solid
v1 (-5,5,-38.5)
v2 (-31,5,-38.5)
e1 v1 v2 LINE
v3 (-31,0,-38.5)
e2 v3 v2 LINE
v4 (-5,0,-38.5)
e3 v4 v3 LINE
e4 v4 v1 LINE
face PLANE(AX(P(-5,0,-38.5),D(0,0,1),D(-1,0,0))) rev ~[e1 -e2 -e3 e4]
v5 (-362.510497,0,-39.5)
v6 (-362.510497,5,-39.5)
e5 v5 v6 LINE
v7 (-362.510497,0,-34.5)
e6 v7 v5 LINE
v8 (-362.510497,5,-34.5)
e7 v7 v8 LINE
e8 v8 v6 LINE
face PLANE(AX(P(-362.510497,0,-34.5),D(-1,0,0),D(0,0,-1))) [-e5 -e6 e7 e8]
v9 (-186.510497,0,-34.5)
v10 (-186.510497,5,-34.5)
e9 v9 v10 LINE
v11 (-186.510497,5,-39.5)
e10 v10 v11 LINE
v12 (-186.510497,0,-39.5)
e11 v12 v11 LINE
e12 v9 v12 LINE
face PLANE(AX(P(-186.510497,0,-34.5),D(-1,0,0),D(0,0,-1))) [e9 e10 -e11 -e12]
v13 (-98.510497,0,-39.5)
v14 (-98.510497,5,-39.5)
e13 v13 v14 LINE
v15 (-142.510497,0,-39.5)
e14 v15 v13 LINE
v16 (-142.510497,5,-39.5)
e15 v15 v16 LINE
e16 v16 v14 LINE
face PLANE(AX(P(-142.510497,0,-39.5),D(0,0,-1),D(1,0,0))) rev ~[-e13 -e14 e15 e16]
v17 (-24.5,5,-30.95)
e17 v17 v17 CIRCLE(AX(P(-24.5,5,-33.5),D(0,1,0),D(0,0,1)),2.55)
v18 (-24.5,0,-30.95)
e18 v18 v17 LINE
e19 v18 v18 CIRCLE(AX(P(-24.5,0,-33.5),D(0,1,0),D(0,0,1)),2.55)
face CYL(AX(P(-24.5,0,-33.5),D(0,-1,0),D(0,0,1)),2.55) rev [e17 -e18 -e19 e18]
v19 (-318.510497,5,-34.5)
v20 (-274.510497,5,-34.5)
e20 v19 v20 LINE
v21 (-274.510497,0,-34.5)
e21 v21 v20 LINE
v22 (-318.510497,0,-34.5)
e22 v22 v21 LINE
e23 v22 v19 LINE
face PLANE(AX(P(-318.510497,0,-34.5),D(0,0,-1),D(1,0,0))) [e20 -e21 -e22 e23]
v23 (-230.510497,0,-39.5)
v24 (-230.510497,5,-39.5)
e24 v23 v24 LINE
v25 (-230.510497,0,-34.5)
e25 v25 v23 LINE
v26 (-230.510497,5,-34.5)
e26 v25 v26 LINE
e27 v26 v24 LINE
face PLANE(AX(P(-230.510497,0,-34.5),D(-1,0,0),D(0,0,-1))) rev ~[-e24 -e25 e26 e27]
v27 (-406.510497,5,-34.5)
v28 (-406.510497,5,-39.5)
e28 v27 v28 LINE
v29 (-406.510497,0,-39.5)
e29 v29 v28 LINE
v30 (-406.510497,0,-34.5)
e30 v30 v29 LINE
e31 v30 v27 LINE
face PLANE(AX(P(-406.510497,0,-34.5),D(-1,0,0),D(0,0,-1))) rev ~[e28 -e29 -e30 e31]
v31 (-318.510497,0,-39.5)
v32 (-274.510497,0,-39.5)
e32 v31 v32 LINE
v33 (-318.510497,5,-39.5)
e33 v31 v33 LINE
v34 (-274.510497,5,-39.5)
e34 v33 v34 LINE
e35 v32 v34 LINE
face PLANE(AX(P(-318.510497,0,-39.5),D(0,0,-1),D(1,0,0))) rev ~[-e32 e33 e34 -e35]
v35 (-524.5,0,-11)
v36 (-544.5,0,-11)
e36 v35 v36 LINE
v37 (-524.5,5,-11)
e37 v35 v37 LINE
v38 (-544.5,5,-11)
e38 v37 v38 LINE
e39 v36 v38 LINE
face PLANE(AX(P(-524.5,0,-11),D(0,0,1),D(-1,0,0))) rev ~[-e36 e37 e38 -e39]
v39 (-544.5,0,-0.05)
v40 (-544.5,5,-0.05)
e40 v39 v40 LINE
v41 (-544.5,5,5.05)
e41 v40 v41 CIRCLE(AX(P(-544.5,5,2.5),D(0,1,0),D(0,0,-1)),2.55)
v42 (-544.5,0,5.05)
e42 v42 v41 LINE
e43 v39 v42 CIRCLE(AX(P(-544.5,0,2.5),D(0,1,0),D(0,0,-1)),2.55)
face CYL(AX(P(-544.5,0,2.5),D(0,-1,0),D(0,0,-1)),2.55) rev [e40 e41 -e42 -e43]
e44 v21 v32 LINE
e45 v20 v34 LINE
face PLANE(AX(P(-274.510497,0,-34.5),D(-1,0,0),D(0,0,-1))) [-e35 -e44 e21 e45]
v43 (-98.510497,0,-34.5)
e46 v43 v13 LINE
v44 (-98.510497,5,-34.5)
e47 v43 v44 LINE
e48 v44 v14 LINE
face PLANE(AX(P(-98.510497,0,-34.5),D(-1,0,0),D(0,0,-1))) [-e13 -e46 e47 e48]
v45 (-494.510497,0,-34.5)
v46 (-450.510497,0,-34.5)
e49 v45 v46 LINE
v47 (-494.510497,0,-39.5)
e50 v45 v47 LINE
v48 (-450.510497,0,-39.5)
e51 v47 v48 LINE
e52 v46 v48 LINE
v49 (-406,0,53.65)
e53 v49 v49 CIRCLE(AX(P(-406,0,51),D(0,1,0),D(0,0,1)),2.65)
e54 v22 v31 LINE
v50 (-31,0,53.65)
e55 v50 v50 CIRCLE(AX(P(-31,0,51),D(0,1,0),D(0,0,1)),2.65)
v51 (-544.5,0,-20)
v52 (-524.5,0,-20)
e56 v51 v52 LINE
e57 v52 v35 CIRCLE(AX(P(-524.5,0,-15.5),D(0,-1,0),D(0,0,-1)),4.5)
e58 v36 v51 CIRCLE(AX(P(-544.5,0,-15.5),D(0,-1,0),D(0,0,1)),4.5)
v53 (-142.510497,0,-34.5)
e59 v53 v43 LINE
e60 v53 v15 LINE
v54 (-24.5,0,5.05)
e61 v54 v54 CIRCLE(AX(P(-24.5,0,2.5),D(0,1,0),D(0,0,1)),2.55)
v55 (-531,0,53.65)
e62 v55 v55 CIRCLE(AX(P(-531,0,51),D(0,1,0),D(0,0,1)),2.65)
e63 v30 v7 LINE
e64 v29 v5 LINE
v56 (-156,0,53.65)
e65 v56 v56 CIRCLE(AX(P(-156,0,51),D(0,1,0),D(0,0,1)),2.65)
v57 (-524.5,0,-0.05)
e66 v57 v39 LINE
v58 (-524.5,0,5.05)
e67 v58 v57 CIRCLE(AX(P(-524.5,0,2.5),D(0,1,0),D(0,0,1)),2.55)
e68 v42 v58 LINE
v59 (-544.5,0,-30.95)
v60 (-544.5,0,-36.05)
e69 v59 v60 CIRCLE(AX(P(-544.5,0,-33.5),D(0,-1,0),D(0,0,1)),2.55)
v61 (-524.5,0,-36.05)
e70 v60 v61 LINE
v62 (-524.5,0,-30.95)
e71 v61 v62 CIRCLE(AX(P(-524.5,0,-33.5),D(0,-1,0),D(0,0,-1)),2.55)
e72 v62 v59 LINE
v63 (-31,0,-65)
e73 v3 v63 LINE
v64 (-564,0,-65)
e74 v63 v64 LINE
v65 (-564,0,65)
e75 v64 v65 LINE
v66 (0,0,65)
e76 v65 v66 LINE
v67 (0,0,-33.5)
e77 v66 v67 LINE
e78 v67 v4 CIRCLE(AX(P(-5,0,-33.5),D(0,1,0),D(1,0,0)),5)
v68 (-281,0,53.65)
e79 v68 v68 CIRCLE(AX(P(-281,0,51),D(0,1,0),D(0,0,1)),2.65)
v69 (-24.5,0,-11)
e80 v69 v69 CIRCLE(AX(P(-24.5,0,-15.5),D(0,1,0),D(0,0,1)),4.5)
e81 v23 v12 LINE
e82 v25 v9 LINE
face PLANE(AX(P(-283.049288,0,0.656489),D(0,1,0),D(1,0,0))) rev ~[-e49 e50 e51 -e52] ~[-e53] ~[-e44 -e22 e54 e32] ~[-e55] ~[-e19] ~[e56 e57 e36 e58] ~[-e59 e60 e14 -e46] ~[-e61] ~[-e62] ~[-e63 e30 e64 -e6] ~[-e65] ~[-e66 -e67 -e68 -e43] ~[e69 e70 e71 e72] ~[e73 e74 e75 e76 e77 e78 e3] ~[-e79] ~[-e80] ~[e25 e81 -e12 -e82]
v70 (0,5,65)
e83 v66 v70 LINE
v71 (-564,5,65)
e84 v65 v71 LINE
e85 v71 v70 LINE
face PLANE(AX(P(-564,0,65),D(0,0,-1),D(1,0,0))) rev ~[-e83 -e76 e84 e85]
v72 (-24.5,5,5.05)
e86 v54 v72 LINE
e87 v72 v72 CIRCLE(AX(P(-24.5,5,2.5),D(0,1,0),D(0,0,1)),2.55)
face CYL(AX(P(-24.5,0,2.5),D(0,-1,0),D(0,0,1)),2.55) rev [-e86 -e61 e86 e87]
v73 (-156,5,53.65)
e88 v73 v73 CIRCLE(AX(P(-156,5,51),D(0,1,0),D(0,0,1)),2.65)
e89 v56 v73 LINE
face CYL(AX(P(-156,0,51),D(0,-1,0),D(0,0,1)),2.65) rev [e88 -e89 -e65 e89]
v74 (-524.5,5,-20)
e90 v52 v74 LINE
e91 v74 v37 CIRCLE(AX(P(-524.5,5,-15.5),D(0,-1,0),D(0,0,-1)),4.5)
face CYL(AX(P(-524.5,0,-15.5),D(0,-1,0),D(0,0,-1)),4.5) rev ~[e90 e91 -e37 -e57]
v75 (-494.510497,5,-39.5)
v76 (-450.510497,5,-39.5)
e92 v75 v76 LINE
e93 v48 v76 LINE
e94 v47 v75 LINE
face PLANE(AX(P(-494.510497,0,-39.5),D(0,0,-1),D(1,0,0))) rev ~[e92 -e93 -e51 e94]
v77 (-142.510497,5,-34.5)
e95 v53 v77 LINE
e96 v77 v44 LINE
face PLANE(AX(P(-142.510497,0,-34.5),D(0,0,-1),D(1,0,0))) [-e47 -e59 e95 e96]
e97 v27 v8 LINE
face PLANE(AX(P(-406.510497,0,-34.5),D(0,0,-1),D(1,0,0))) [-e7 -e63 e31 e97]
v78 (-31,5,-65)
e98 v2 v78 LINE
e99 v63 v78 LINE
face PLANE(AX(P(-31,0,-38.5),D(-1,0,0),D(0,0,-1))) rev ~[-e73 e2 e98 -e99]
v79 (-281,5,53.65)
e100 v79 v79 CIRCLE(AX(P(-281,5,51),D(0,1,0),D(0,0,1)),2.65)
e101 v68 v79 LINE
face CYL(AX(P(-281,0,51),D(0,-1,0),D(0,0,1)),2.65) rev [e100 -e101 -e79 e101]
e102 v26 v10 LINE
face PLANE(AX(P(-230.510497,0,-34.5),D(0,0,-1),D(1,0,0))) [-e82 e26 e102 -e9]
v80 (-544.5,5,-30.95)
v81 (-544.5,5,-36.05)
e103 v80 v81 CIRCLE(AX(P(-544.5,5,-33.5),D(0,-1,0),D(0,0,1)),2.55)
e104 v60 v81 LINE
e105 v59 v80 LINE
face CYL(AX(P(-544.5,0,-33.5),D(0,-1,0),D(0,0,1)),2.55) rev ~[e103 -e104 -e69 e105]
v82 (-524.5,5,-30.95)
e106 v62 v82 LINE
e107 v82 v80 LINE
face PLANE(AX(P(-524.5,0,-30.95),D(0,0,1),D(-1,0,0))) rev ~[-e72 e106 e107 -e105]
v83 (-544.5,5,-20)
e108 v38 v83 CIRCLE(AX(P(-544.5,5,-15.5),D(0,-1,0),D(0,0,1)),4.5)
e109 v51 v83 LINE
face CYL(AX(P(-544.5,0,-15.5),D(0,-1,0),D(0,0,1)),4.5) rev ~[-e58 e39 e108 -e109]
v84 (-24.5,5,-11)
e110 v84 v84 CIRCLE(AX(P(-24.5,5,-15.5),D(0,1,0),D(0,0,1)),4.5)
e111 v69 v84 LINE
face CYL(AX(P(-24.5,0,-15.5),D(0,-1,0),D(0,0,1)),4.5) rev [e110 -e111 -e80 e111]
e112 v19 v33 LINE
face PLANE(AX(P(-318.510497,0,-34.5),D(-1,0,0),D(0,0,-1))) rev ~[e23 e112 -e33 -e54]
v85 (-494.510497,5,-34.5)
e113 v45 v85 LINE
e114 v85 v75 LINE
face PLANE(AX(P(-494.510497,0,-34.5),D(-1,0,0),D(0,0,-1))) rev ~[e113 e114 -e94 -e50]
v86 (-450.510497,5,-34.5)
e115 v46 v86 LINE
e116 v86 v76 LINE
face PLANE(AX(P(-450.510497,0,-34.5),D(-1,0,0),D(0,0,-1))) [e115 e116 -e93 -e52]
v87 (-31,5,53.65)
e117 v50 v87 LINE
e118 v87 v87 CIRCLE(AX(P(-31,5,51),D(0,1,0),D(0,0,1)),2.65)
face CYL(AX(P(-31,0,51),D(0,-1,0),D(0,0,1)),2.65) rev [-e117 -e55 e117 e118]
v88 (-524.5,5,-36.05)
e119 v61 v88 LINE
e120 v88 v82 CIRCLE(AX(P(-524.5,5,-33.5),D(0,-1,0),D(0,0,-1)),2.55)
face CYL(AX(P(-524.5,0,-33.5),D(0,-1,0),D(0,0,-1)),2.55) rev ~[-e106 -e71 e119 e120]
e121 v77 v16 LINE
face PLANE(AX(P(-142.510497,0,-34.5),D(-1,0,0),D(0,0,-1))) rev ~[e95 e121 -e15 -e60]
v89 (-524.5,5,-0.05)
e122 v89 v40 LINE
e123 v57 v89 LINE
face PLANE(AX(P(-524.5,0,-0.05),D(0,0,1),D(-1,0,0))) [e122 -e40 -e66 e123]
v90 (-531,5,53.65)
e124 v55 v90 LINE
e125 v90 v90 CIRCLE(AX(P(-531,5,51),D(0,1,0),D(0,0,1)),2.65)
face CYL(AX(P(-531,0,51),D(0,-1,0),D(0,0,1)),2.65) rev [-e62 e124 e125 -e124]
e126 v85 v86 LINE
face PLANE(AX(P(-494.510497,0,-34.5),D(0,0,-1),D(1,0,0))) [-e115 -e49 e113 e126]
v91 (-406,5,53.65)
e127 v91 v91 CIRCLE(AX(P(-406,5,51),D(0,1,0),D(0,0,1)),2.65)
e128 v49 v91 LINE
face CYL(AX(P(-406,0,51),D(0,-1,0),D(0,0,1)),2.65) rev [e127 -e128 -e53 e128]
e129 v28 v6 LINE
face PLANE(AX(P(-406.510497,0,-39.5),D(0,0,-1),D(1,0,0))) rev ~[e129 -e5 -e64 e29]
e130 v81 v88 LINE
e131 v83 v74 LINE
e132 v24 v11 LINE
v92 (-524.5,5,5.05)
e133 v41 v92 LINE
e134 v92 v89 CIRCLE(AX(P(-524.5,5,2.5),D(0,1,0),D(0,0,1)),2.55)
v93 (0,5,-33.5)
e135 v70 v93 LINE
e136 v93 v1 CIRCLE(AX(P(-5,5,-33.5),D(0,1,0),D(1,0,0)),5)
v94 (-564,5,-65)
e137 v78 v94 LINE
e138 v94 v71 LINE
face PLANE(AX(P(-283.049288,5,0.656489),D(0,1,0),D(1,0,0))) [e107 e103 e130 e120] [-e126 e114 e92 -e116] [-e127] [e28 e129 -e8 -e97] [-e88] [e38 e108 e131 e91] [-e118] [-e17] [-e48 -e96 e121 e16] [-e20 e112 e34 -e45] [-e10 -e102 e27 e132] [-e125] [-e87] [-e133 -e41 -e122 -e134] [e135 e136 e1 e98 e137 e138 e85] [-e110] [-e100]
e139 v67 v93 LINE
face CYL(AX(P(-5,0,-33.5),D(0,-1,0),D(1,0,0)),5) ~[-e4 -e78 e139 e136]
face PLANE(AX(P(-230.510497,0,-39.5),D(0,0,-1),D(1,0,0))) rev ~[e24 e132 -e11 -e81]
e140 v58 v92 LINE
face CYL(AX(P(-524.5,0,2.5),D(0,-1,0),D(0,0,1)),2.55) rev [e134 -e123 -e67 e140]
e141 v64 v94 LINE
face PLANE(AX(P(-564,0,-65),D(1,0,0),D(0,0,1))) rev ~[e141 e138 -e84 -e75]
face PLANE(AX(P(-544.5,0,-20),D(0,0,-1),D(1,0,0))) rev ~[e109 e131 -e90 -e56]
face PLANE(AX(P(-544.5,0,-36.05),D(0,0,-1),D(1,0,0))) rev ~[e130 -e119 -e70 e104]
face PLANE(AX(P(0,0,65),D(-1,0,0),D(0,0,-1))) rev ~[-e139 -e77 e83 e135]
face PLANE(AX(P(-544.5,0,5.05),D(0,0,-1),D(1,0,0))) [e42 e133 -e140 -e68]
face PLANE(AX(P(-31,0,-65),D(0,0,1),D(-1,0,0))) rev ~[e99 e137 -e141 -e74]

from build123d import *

# Parameters (mm, degrees)
SKETCH1_R           = 2.55
SKETCH1_R_2         = 4.5
SKETCH1_R_3         = 2.65
SKETCH1_W           = 44
SKETCH1_H           = 5
BOSS_EXTRUDE1_DEPTH = 5


with BuildPart() as part:
    # Sketch1 → Boss-Extrude1 (new body)
    with BuildSketch(Plane(origin=(0, 0, 0), x_dir=(1, 0, 0), z_dir=(0, 1, 0))):
        with BuildLine():
            Line((0, 0), (0, 33.5))
            ThreePointArc((0, 33.5), (-1.464466094, 37.035533906), (-5, 38.5))
            Line((-5, 38.5), (-31, 38.5))
            Line((-31, 38.5), (-31, 65))
            Line((-31, 65), (-564, 65))
            Line((-564, 65), (-564, -65))
            Line((-564, -65), (-524.5, -65))
            Line((-524.5, -65), (0, -65))
            Line((0, -65), (0, 0))
        make_face()
        with Locations(Location((-24.5, 33.5, 0), (0, 0, 270))):
            Circle(SKETCH1_R, mode=Mode.SUBTRACT)
        with Locations(Location((-24.5, -2.5, 0), (0, 0, 270))):
            Circle(SKETCH1_R, mode=Mode.SUBTRACT)
        with Locations(Location((-24.5, 15.5, 0), (0, 0, 270))):
            Circle(SKETCH1_R_2, mode=Mode.SUBTRACT)
        with Locations(Location((-531, -51, 0), (0, 0, 270))):
            Circle(SKETCH1_R_3, mode=Mode.SUBTRACT)
        with Locations(Location((-406, -51, 0), (0, 0, 270))):
            Circle(SKETCH1_R_3, mode=Mode.SUBTRACT)
        with Locations(Location((-281, -51, 0), (0, 0, 270))):
            Circle(SKETCH1_R_3, mode=Mode.SUBTRACT)
        with Locations(Location((-156, -51, 0), (0, 0, 270))):
            Circle(SKETCH1_R_3, mode=Mode.SUBTRACT)
        with Locations(Location((-31, -51, 0), (0, 0, 270))):
            Circle(SKETCH1_R_3, mode=Mode.SUBTRACT)
        with Locations((-472.510496642, 37)):
            Rectangle(SKETCH1_W, SKETCH1_H, mode=Mode.SUBTRACT)
        with Locations((-384.510496642, 37)):
            Rectangle(SKETCH1_W, SKETCH1_H, mode=Mode.SUBTRACT)
        with BuildLine():
            Line((-544.5, 36.05), (-524.5, 36.05))
            ThreePointArc((-524.5, 36.05), (-521.95, 33.5), (-524.5, 30.95))
            Line((-524.5, 30.95), (-544.5, 30.95))
            ThreePointArc((-544.5, 30.95), (-547.05, 33.5), (-544.5, 36.05))
        make_face(mode=Mode.SUBTRACT)
        with BuildLine():
            Line((-524.5, 0.05), (-544.5, 0.05))
            ThreePointArc((-544.5, 0.05), (-547.05, -2.5), (-544.5, -5.05))
            Line((-544.5, -5.05), (-524.5, -5.05))
            ThreePointArc((-524.5, -5.05), (-521.95, -2.5), (-524.5, 0.05))
        make_face(mode=Mode.SUBTRACT)
        with Locations((-296.510496642, 37)):
            Rectangle(SKETCH1_W, SKETCH1_H, mode=Mode.SUBTRACT)
        with BuildLine():
            Line((-544.5, 20), (-524.5, 20))
            ThreePointArc((-524.5, 20), (-520, 15.5), (-524.5, 11))
            Line((-524.5, 11), (-544.5, 11))
            ThreePointArc((-544.5, 11), (-549, 15.5), (-544.5, 20))
        make_face(mode=Mode.SUBTRACT)
        with Locations((-208.510496642, 37)):
            Rectangle(SKETCH1_W, SKETCH1_H, mode=Mode.SUBTRACT)
        with Locations((-120.510496642, 37)):
            Rectangle(SKETCH1_W, SKETCH1_H, mode=Mode.SUBTRACT)
    extrude(amount=BOSS_EXTRUDE1_DEPTH)


solid = part.part
